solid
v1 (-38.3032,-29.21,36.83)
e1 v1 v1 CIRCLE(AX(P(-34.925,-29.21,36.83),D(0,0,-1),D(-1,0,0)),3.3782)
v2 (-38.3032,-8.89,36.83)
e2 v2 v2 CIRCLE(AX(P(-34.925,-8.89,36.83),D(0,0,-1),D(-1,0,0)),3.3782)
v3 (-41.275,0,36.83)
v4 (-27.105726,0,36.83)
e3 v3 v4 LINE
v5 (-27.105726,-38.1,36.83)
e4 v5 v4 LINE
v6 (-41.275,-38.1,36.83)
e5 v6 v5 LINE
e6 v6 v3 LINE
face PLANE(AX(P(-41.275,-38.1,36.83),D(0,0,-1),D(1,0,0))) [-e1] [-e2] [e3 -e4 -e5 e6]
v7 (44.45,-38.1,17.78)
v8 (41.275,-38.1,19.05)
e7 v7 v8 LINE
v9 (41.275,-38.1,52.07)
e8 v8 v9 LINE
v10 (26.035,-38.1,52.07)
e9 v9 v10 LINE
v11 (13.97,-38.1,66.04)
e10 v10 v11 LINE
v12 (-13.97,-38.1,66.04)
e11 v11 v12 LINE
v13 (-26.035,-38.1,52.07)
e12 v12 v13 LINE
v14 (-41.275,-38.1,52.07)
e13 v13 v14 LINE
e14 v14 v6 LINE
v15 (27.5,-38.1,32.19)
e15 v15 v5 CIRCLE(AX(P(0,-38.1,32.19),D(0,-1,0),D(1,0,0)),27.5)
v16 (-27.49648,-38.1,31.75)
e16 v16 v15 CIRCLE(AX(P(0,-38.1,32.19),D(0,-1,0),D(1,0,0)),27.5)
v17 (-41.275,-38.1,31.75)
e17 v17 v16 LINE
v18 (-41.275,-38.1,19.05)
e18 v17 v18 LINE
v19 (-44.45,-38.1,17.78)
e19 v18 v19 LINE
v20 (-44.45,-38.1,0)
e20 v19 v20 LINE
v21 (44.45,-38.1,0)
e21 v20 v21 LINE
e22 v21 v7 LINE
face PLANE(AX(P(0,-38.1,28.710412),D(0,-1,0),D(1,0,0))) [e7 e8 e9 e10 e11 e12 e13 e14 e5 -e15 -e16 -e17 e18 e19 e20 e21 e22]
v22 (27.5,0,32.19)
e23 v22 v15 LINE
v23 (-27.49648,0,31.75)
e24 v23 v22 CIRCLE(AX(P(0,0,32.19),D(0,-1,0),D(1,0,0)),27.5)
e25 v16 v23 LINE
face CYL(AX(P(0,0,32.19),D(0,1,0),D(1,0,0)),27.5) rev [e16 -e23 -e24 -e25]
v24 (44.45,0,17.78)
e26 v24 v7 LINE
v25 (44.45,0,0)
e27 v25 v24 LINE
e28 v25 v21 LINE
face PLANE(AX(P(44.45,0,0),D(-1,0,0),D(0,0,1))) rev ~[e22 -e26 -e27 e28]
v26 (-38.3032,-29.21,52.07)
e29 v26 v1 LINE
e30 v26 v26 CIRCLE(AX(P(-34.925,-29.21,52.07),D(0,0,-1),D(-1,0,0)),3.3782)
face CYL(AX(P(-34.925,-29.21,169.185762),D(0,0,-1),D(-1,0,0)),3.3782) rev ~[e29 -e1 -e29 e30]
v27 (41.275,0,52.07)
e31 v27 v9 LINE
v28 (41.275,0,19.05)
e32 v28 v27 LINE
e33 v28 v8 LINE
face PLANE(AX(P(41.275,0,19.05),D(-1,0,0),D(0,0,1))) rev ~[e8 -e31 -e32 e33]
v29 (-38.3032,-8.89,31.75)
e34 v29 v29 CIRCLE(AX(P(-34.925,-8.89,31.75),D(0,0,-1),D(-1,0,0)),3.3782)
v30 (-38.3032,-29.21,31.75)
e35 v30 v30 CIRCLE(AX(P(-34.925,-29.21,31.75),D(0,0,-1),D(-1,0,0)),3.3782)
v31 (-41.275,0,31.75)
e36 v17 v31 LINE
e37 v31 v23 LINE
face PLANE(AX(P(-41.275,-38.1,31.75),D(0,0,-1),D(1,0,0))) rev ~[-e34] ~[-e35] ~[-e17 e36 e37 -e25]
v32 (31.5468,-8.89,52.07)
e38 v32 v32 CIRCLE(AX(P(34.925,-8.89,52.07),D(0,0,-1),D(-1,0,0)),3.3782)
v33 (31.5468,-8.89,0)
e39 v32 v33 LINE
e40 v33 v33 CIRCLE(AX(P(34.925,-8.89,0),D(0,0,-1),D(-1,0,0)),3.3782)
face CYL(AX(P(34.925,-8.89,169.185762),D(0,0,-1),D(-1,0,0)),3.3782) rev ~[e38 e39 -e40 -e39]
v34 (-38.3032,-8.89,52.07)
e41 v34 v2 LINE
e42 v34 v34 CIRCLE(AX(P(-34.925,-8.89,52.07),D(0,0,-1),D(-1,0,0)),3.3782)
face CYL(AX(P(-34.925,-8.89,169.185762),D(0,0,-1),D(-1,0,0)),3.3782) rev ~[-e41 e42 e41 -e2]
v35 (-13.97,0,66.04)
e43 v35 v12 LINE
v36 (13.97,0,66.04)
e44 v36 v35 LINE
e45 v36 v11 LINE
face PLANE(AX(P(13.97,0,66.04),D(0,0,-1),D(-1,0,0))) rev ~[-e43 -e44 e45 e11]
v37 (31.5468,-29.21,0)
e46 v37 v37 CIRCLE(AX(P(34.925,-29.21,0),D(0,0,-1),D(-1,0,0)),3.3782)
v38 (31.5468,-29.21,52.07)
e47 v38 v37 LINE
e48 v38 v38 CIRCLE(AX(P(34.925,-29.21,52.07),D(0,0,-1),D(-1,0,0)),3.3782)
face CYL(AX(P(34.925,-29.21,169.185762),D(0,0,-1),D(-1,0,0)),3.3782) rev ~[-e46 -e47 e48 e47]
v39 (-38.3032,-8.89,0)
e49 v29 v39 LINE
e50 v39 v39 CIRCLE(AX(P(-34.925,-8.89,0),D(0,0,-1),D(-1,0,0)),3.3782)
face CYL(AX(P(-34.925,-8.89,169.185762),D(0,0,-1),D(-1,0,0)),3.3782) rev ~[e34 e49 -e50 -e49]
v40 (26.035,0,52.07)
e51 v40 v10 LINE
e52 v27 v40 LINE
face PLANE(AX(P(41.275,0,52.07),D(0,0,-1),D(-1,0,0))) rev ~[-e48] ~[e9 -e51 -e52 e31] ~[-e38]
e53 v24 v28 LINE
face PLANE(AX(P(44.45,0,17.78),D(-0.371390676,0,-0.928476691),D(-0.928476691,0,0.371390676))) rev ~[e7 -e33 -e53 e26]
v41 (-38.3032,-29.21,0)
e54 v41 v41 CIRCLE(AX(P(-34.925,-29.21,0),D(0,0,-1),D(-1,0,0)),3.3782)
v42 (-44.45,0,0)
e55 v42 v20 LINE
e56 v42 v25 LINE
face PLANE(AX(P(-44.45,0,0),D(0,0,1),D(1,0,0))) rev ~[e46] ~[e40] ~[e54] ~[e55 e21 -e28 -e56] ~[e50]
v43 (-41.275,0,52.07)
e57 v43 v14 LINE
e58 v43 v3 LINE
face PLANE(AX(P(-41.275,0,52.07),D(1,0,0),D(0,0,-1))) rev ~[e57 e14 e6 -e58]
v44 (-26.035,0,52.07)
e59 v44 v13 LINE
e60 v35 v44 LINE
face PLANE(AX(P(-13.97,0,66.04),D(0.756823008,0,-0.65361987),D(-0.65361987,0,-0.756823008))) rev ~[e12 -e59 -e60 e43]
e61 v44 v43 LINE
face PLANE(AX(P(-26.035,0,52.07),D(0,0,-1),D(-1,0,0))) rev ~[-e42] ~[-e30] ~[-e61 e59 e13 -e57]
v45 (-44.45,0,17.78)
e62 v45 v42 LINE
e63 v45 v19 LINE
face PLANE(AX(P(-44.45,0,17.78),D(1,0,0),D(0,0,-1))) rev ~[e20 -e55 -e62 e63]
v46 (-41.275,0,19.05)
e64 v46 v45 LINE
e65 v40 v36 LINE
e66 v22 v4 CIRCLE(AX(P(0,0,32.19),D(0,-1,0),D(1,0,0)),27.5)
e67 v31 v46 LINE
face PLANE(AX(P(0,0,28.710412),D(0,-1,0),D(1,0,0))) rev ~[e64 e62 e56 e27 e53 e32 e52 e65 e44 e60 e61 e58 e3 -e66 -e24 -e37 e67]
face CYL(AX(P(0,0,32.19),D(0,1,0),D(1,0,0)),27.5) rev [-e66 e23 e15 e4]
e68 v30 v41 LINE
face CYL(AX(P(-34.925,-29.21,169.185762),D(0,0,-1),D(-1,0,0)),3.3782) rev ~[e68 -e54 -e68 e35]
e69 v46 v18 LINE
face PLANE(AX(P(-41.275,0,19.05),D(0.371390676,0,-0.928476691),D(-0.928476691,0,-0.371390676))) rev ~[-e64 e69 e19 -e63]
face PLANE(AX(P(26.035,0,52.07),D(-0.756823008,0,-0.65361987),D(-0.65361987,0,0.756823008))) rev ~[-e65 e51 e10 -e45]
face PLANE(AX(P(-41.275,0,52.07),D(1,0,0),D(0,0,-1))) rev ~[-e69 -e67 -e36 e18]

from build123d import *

# Parameters (mm, degrees)
F0_R     = 27.5
F1_DEPTH = 38.1
F2_W     = 19.05
F2_H     = 5.08
F3_DEPTH = 38.1
F5_D     = 6.7564


with BuildPart() as f1:
    # F0 (on Front) → F1 (new body)
    with BuildSketch(Plane.XZ):
        Polygon((-44.45, 0), (0, 0), (44.45, 0), (44.45, 17.78), (41.275, 19.05), (41.275, 52.07), (26.035, 52.07), (13.97, 66.04), (0, 66.04), (-13.97, 66.04), (-26.035, 52.07), (-41.275, 52.07), (-41.275, 19.05), (-44.45, 17.78), align=None)
        with Locations((0, 32.19)):
            Circle(F0_R, mode=Mode.SUBTRACT)
    extrude(amount=F1_DEPTH)

    # F2 (on face) → F3 (cut, through all)
    with BuildSketch(Plane.XZ.offset(38.1)):
        with Locations((-31.75, 34.29)):
            Rectangle(F2_W, F2_H)
    extrude(amount=-F3_DEPTH, mode=Mode.SUBTRACT)

    # F5 (through all)
    with Locations(Plane.XY.offset(52.07)):
        with Locations((-34.925, -8.89), (-34.925, -29.21), (34.925, -8.89), (34.925, -29.21)):
            Hole(F5_D / 2)


solid = f1.part
